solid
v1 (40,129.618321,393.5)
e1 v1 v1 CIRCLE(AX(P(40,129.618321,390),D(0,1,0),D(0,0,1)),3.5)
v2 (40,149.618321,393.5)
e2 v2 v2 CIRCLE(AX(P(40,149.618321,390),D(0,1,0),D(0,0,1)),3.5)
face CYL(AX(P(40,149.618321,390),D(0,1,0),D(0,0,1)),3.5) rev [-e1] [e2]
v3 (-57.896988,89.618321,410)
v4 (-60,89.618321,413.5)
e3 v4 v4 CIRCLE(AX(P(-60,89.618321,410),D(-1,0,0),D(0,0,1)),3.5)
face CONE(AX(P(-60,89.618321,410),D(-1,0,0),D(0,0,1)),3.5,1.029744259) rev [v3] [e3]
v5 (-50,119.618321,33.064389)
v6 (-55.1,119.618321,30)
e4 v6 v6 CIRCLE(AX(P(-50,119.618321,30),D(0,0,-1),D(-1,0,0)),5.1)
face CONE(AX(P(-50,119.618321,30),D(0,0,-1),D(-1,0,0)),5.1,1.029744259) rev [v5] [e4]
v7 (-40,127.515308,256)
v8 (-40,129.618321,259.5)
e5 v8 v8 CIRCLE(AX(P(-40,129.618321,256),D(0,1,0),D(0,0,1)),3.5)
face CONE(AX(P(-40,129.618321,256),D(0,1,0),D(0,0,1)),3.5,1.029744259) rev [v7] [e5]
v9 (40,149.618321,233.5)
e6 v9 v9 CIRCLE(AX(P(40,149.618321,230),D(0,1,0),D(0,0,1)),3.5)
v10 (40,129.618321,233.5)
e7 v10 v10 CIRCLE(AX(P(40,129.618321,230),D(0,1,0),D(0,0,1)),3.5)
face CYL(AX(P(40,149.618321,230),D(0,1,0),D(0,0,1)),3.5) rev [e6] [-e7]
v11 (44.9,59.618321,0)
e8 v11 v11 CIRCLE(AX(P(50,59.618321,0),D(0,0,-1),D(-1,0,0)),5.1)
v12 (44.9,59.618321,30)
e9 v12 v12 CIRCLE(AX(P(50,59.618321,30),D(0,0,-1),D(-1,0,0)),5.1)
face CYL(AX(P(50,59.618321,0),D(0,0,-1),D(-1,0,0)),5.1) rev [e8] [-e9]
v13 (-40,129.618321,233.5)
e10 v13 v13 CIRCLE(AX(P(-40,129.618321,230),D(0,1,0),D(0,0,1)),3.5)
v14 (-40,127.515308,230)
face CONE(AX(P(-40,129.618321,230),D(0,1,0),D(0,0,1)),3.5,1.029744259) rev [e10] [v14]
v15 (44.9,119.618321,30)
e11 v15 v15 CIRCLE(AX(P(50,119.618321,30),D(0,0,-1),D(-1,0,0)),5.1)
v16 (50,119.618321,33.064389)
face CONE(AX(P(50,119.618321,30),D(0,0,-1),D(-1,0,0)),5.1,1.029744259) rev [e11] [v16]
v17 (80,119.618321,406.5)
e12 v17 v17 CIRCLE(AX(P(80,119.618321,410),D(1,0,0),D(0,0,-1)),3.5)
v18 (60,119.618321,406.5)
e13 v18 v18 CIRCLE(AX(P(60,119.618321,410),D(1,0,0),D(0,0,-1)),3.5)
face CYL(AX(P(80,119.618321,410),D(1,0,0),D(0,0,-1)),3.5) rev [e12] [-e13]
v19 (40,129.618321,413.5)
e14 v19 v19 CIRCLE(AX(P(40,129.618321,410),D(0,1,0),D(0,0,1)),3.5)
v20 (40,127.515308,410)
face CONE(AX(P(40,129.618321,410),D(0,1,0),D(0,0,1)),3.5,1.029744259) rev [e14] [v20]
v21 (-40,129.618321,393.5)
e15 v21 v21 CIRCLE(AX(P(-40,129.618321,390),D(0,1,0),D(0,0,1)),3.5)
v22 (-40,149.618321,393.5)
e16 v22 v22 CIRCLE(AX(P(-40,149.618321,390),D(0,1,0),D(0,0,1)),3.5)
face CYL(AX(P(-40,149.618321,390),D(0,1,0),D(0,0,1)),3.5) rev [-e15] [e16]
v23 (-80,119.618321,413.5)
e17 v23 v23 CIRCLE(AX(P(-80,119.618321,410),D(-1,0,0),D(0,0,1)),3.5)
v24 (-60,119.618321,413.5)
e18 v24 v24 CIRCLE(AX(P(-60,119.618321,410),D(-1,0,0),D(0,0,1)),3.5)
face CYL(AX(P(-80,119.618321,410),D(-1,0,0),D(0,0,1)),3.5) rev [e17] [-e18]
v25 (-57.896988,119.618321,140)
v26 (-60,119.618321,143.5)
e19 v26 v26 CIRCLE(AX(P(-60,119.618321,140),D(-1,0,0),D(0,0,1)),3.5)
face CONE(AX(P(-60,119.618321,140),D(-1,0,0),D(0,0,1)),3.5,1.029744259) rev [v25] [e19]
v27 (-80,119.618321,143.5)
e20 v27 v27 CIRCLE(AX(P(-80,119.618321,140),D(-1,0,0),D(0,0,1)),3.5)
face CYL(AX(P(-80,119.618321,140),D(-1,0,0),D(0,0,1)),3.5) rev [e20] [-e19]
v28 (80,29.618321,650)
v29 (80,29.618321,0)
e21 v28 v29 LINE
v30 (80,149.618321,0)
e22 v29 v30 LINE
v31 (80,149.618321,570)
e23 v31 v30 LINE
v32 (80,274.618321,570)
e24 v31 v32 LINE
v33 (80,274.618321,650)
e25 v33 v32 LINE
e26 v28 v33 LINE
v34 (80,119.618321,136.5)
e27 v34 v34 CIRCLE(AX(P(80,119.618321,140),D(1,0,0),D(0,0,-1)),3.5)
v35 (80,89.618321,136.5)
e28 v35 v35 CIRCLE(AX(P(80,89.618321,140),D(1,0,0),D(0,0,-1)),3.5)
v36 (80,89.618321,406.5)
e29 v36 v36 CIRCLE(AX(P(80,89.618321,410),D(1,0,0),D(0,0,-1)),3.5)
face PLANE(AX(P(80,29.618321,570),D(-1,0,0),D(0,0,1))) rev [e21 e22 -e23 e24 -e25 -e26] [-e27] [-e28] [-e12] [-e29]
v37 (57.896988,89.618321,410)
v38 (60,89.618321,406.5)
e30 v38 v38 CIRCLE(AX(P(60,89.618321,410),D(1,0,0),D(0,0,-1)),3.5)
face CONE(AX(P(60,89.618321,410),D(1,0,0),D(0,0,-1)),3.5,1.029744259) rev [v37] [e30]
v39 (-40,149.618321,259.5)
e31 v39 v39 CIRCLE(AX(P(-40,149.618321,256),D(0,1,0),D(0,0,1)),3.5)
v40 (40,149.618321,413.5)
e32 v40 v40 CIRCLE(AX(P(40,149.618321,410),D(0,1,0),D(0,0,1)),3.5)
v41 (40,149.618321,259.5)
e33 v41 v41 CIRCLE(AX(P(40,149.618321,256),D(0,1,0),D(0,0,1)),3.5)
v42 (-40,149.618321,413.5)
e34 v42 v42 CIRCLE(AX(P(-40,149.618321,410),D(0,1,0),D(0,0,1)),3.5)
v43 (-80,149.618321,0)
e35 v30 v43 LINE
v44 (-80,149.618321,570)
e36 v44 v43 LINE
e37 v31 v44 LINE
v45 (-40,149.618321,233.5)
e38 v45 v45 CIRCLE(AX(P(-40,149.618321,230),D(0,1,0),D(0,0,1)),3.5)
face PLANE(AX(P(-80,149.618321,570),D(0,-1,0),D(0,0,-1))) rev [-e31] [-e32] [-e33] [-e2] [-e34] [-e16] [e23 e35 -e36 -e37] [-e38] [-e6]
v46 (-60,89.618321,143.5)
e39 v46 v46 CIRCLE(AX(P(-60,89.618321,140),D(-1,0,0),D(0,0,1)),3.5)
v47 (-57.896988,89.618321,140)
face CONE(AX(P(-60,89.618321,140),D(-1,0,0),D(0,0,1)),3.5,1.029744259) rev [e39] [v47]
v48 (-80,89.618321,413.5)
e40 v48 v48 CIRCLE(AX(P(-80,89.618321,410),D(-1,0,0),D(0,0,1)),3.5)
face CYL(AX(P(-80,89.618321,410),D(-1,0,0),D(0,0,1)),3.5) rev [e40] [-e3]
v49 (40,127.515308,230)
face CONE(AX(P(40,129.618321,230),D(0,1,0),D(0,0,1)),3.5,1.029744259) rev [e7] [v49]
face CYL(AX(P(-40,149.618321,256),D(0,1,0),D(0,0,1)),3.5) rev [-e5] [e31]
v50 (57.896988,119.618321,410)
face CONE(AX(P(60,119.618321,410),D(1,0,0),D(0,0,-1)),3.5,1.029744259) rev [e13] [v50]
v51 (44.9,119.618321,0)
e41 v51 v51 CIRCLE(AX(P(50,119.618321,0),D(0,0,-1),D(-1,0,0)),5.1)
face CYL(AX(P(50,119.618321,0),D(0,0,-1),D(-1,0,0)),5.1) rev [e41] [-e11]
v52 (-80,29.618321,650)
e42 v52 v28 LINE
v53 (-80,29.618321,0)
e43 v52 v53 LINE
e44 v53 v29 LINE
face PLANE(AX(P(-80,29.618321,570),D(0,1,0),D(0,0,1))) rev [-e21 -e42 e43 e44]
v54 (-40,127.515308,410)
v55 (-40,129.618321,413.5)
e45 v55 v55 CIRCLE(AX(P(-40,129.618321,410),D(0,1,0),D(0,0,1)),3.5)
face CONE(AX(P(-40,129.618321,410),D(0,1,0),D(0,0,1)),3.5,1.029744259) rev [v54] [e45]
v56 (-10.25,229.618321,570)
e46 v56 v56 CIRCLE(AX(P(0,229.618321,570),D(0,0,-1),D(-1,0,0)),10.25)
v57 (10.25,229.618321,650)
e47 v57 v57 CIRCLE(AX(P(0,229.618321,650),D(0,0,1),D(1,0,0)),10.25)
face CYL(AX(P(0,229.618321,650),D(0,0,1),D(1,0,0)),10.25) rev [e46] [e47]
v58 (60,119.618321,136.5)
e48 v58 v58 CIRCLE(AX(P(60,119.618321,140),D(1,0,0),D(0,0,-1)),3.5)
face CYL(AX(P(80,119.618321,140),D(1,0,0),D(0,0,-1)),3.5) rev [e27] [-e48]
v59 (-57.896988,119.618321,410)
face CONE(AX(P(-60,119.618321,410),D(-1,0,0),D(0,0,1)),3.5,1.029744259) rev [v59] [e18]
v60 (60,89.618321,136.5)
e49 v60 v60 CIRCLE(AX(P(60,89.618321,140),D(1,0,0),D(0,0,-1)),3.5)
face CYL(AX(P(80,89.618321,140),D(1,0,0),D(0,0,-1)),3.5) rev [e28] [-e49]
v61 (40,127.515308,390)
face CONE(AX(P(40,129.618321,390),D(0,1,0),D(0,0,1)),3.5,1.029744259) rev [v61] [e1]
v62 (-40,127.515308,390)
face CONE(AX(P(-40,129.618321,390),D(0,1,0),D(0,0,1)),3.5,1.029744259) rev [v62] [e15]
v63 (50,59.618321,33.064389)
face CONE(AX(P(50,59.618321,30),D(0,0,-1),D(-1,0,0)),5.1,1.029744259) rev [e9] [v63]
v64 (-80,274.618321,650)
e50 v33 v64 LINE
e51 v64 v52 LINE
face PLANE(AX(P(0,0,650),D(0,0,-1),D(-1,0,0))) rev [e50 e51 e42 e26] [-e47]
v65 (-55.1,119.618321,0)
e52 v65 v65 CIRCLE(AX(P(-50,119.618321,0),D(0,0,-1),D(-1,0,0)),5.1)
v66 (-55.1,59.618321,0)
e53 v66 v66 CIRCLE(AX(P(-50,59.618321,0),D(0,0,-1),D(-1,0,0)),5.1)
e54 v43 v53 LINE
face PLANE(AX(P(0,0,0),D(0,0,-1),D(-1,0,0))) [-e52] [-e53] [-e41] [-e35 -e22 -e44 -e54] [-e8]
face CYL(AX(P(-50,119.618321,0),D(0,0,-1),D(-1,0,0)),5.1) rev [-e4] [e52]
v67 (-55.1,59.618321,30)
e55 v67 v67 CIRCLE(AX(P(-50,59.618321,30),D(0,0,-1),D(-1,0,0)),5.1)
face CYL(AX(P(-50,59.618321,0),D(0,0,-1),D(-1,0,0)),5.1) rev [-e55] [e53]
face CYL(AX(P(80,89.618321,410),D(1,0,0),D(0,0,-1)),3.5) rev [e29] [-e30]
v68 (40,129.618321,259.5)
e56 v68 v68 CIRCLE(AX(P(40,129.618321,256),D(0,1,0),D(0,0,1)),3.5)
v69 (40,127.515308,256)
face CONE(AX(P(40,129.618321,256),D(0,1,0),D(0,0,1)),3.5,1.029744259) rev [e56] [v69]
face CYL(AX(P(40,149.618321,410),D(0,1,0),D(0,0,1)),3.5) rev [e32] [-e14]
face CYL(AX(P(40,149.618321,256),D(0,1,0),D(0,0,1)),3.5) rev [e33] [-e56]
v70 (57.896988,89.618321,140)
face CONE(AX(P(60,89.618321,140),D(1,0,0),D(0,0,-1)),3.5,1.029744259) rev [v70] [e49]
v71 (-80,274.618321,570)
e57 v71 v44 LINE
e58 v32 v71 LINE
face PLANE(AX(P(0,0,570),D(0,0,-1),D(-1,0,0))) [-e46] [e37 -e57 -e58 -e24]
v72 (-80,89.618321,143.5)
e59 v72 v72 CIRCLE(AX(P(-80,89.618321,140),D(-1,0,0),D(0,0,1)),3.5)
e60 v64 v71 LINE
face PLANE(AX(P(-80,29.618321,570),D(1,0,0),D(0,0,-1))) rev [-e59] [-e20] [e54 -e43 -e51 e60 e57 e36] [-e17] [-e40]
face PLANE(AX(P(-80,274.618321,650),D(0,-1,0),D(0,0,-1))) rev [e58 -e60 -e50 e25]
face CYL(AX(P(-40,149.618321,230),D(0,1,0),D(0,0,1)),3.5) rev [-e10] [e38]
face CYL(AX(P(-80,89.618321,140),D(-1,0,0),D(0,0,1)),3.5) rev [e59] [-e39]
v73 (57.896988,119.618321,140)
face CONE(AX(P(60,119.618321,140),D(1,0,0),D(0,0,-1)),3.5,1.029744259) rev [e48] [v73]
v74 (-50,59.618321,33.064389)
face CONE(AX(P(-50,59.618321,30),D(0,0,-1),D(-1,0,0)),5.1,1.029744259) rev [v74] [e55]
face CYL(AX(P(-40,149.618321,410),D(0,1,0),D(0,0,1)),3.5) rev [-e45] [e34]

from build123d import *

# Parameters (mm, degrees)
SKETCH1_W                    = 160
SKETCH1_H                    = 120
BOSS_EXTRUDE3_DEPTH          = 570
SKETCH4_W                    = 160
SKETCH4_H                    = 245
BOSS_EXTRUDE4_DEPTH          = 80
F_20_5_20_5_DIAMETER_HOLE1_D = 20.5
M8X1_0_TAPPED_HOLE2_D        = 7
M8X1_0_TAPPED_HOLE2_DEPTH    = 20
M8X1_0_TAPPED_HOLE2_TIP      = 2.103012167
M8X1_0_TAPPED_HOLE3_D        = 7
M8X1_0_TAPPED_HOLE3_DEPTH    = 20
M8X1_0_TAPPED_HOLE3_TIP      = 2.103012167
M8X1_0_TAPPED_HOLE1_D        = 7
M8X1_0_TAPPED_HOLE1_DEPTH    = 20
M8X1_0_TAPPED_HOLE1_TIP      = 2.103012167
M12_TAPPED_HOLE1_D           = 10.2
M12_TAPPED_HOLE1_DEPTH       = 30
M12_TAPPED_HOLE1_TIP         = 3.064389157


with BuildPart() as part:
    # Sketch1 → Boss-Extrude3 (new body)
    with BuildSketch(Plane.XY):
        with Locations((0, 89.618320611)):
            Rectangle(SKETCH1_W, SKETCH1_H)
    extrude(amount=BOSS_EXTRUDE3_DEPTH)

    # Sketch4 → Boss-Extrude4 (add)
    with BuildSketch(Plane.XY.offset(570)):
        with Locations((0, 152.118320611)):
            Rectangle(SKETCH4_W, SKETCH4_H)
    extrude(amount=BOSS_EXTRUDE4_DEPTH)

    # Ø20.5 (20.5) Diameter Hole1 (through all)
    with Locations(Plane.XY.offset(650)):
        with Locations((0, 229.618320611)):
            Hole(F_20_5_20_5_DIAMETER_HOLE1_D / 2)

    # M8x1.0 Tapped Hole2
    with Locations(Plane(origin=(0, 149.618320611, 0), x_dir=(1, 0, 0), z_dir=(0, 1, 0))):
        with Locations((-40, -230), (40, -410), (40, -390), (40, -256), (40, -230), (-40, -410), (-40, -390), (-40, -256)):
            Hole(M8X1_0_TAPPED_HOLE2_D / 2, depth=M8X1_0_TAPPED_HOLE2_DEPTH)
            with Locations((0, 0, -(M8X1_0_TAPPED_HOLE2_DEPTH + M8X1_0_TAPPED_HOLE2_TIP / 2))):  # 118° drill point
                Cone(0, M8X1_0_TAPPED_HOLE2_D / 2, M8X1_0_TAPPED_HOLE2_TIP, mode=Mode.SUBTRACT)

    # M8x1.0 Tapped Hole3
    with Locations(Plane(origin=(80, 119.618320611, 140), x_dir=(0, 0, 1), z_dir=(1, 0, 0))):
        with Locations((0, 0), (0, 30), (270, 0), (270, 30)):
            Hole(M8X1_0_TAPPED_HOLE3_D / 2, depth=M8X1_0_TAPPED_HOLE3_DEPTH)
            with Locations((0, 0, -(M8X1_0_TAPPED_HOLE3_DEPTH + M8X1_0_TAPPED_HOLE3_TIP / 2))):  # 118° drill point
                Cone(0, M8X1_0_TAPPED_HOLE3_D / 2, M8X1_0_TAPPED_HOLE3_TIP, mode=Mode.SUBTRACT)

    # M8x1.0 Tapped Hole1
    with Locations(Plane.ZY.offset(80)):
        with Locations((410, 119.618320611), (140, 89.618320611), (410, 89.618320611), (140, 119.618320611)):
            Hole(M8X1_0_TAPPED_HOLE1_D / 2, depth=M8X1_0_TAPPED_HOLE1_DEPTH)
            with Locations((0, 0, -(M8X1_0_TAPPED_HOLE1_DEPTH + M8X1_0_TAPPED_HOLE1_TIP / 2))):  # 118° drill point
                Cone(0, M8X1_0_TAPPED_HOLE1_D / 2, M8X1_0_TAPPED_HOLE1_TIP, mode=Mode.SUBTRACT)

    # M12 Tapped Hole1
    with Locations(Plane(origin=(0, 0, 0), x_dir=(-1, 0, 0), z_dir=(0, 0, -1))):
        with Locations((-50, 119.618320611), (50, 119.618320611), (50, 59.618320611), (-50, 59.618320611)):
            Hole(M12_TAPPED_HOLE1_D / 2, depth=M12_TAPPED_HOLE1_DEPTH)
            with Locations((0, 0, -(M12_TAPPED_HOLE1_DEPTH + M12_TAPPED_HOLE1_TIP / 2))):  # 118° drill point
                Cone(0, M12_TAPPED_HOLE1_D / 2, M12_TAPPED_HOLE1_TIP, mode=Mode.SUBTRACT)


solid = part.part
